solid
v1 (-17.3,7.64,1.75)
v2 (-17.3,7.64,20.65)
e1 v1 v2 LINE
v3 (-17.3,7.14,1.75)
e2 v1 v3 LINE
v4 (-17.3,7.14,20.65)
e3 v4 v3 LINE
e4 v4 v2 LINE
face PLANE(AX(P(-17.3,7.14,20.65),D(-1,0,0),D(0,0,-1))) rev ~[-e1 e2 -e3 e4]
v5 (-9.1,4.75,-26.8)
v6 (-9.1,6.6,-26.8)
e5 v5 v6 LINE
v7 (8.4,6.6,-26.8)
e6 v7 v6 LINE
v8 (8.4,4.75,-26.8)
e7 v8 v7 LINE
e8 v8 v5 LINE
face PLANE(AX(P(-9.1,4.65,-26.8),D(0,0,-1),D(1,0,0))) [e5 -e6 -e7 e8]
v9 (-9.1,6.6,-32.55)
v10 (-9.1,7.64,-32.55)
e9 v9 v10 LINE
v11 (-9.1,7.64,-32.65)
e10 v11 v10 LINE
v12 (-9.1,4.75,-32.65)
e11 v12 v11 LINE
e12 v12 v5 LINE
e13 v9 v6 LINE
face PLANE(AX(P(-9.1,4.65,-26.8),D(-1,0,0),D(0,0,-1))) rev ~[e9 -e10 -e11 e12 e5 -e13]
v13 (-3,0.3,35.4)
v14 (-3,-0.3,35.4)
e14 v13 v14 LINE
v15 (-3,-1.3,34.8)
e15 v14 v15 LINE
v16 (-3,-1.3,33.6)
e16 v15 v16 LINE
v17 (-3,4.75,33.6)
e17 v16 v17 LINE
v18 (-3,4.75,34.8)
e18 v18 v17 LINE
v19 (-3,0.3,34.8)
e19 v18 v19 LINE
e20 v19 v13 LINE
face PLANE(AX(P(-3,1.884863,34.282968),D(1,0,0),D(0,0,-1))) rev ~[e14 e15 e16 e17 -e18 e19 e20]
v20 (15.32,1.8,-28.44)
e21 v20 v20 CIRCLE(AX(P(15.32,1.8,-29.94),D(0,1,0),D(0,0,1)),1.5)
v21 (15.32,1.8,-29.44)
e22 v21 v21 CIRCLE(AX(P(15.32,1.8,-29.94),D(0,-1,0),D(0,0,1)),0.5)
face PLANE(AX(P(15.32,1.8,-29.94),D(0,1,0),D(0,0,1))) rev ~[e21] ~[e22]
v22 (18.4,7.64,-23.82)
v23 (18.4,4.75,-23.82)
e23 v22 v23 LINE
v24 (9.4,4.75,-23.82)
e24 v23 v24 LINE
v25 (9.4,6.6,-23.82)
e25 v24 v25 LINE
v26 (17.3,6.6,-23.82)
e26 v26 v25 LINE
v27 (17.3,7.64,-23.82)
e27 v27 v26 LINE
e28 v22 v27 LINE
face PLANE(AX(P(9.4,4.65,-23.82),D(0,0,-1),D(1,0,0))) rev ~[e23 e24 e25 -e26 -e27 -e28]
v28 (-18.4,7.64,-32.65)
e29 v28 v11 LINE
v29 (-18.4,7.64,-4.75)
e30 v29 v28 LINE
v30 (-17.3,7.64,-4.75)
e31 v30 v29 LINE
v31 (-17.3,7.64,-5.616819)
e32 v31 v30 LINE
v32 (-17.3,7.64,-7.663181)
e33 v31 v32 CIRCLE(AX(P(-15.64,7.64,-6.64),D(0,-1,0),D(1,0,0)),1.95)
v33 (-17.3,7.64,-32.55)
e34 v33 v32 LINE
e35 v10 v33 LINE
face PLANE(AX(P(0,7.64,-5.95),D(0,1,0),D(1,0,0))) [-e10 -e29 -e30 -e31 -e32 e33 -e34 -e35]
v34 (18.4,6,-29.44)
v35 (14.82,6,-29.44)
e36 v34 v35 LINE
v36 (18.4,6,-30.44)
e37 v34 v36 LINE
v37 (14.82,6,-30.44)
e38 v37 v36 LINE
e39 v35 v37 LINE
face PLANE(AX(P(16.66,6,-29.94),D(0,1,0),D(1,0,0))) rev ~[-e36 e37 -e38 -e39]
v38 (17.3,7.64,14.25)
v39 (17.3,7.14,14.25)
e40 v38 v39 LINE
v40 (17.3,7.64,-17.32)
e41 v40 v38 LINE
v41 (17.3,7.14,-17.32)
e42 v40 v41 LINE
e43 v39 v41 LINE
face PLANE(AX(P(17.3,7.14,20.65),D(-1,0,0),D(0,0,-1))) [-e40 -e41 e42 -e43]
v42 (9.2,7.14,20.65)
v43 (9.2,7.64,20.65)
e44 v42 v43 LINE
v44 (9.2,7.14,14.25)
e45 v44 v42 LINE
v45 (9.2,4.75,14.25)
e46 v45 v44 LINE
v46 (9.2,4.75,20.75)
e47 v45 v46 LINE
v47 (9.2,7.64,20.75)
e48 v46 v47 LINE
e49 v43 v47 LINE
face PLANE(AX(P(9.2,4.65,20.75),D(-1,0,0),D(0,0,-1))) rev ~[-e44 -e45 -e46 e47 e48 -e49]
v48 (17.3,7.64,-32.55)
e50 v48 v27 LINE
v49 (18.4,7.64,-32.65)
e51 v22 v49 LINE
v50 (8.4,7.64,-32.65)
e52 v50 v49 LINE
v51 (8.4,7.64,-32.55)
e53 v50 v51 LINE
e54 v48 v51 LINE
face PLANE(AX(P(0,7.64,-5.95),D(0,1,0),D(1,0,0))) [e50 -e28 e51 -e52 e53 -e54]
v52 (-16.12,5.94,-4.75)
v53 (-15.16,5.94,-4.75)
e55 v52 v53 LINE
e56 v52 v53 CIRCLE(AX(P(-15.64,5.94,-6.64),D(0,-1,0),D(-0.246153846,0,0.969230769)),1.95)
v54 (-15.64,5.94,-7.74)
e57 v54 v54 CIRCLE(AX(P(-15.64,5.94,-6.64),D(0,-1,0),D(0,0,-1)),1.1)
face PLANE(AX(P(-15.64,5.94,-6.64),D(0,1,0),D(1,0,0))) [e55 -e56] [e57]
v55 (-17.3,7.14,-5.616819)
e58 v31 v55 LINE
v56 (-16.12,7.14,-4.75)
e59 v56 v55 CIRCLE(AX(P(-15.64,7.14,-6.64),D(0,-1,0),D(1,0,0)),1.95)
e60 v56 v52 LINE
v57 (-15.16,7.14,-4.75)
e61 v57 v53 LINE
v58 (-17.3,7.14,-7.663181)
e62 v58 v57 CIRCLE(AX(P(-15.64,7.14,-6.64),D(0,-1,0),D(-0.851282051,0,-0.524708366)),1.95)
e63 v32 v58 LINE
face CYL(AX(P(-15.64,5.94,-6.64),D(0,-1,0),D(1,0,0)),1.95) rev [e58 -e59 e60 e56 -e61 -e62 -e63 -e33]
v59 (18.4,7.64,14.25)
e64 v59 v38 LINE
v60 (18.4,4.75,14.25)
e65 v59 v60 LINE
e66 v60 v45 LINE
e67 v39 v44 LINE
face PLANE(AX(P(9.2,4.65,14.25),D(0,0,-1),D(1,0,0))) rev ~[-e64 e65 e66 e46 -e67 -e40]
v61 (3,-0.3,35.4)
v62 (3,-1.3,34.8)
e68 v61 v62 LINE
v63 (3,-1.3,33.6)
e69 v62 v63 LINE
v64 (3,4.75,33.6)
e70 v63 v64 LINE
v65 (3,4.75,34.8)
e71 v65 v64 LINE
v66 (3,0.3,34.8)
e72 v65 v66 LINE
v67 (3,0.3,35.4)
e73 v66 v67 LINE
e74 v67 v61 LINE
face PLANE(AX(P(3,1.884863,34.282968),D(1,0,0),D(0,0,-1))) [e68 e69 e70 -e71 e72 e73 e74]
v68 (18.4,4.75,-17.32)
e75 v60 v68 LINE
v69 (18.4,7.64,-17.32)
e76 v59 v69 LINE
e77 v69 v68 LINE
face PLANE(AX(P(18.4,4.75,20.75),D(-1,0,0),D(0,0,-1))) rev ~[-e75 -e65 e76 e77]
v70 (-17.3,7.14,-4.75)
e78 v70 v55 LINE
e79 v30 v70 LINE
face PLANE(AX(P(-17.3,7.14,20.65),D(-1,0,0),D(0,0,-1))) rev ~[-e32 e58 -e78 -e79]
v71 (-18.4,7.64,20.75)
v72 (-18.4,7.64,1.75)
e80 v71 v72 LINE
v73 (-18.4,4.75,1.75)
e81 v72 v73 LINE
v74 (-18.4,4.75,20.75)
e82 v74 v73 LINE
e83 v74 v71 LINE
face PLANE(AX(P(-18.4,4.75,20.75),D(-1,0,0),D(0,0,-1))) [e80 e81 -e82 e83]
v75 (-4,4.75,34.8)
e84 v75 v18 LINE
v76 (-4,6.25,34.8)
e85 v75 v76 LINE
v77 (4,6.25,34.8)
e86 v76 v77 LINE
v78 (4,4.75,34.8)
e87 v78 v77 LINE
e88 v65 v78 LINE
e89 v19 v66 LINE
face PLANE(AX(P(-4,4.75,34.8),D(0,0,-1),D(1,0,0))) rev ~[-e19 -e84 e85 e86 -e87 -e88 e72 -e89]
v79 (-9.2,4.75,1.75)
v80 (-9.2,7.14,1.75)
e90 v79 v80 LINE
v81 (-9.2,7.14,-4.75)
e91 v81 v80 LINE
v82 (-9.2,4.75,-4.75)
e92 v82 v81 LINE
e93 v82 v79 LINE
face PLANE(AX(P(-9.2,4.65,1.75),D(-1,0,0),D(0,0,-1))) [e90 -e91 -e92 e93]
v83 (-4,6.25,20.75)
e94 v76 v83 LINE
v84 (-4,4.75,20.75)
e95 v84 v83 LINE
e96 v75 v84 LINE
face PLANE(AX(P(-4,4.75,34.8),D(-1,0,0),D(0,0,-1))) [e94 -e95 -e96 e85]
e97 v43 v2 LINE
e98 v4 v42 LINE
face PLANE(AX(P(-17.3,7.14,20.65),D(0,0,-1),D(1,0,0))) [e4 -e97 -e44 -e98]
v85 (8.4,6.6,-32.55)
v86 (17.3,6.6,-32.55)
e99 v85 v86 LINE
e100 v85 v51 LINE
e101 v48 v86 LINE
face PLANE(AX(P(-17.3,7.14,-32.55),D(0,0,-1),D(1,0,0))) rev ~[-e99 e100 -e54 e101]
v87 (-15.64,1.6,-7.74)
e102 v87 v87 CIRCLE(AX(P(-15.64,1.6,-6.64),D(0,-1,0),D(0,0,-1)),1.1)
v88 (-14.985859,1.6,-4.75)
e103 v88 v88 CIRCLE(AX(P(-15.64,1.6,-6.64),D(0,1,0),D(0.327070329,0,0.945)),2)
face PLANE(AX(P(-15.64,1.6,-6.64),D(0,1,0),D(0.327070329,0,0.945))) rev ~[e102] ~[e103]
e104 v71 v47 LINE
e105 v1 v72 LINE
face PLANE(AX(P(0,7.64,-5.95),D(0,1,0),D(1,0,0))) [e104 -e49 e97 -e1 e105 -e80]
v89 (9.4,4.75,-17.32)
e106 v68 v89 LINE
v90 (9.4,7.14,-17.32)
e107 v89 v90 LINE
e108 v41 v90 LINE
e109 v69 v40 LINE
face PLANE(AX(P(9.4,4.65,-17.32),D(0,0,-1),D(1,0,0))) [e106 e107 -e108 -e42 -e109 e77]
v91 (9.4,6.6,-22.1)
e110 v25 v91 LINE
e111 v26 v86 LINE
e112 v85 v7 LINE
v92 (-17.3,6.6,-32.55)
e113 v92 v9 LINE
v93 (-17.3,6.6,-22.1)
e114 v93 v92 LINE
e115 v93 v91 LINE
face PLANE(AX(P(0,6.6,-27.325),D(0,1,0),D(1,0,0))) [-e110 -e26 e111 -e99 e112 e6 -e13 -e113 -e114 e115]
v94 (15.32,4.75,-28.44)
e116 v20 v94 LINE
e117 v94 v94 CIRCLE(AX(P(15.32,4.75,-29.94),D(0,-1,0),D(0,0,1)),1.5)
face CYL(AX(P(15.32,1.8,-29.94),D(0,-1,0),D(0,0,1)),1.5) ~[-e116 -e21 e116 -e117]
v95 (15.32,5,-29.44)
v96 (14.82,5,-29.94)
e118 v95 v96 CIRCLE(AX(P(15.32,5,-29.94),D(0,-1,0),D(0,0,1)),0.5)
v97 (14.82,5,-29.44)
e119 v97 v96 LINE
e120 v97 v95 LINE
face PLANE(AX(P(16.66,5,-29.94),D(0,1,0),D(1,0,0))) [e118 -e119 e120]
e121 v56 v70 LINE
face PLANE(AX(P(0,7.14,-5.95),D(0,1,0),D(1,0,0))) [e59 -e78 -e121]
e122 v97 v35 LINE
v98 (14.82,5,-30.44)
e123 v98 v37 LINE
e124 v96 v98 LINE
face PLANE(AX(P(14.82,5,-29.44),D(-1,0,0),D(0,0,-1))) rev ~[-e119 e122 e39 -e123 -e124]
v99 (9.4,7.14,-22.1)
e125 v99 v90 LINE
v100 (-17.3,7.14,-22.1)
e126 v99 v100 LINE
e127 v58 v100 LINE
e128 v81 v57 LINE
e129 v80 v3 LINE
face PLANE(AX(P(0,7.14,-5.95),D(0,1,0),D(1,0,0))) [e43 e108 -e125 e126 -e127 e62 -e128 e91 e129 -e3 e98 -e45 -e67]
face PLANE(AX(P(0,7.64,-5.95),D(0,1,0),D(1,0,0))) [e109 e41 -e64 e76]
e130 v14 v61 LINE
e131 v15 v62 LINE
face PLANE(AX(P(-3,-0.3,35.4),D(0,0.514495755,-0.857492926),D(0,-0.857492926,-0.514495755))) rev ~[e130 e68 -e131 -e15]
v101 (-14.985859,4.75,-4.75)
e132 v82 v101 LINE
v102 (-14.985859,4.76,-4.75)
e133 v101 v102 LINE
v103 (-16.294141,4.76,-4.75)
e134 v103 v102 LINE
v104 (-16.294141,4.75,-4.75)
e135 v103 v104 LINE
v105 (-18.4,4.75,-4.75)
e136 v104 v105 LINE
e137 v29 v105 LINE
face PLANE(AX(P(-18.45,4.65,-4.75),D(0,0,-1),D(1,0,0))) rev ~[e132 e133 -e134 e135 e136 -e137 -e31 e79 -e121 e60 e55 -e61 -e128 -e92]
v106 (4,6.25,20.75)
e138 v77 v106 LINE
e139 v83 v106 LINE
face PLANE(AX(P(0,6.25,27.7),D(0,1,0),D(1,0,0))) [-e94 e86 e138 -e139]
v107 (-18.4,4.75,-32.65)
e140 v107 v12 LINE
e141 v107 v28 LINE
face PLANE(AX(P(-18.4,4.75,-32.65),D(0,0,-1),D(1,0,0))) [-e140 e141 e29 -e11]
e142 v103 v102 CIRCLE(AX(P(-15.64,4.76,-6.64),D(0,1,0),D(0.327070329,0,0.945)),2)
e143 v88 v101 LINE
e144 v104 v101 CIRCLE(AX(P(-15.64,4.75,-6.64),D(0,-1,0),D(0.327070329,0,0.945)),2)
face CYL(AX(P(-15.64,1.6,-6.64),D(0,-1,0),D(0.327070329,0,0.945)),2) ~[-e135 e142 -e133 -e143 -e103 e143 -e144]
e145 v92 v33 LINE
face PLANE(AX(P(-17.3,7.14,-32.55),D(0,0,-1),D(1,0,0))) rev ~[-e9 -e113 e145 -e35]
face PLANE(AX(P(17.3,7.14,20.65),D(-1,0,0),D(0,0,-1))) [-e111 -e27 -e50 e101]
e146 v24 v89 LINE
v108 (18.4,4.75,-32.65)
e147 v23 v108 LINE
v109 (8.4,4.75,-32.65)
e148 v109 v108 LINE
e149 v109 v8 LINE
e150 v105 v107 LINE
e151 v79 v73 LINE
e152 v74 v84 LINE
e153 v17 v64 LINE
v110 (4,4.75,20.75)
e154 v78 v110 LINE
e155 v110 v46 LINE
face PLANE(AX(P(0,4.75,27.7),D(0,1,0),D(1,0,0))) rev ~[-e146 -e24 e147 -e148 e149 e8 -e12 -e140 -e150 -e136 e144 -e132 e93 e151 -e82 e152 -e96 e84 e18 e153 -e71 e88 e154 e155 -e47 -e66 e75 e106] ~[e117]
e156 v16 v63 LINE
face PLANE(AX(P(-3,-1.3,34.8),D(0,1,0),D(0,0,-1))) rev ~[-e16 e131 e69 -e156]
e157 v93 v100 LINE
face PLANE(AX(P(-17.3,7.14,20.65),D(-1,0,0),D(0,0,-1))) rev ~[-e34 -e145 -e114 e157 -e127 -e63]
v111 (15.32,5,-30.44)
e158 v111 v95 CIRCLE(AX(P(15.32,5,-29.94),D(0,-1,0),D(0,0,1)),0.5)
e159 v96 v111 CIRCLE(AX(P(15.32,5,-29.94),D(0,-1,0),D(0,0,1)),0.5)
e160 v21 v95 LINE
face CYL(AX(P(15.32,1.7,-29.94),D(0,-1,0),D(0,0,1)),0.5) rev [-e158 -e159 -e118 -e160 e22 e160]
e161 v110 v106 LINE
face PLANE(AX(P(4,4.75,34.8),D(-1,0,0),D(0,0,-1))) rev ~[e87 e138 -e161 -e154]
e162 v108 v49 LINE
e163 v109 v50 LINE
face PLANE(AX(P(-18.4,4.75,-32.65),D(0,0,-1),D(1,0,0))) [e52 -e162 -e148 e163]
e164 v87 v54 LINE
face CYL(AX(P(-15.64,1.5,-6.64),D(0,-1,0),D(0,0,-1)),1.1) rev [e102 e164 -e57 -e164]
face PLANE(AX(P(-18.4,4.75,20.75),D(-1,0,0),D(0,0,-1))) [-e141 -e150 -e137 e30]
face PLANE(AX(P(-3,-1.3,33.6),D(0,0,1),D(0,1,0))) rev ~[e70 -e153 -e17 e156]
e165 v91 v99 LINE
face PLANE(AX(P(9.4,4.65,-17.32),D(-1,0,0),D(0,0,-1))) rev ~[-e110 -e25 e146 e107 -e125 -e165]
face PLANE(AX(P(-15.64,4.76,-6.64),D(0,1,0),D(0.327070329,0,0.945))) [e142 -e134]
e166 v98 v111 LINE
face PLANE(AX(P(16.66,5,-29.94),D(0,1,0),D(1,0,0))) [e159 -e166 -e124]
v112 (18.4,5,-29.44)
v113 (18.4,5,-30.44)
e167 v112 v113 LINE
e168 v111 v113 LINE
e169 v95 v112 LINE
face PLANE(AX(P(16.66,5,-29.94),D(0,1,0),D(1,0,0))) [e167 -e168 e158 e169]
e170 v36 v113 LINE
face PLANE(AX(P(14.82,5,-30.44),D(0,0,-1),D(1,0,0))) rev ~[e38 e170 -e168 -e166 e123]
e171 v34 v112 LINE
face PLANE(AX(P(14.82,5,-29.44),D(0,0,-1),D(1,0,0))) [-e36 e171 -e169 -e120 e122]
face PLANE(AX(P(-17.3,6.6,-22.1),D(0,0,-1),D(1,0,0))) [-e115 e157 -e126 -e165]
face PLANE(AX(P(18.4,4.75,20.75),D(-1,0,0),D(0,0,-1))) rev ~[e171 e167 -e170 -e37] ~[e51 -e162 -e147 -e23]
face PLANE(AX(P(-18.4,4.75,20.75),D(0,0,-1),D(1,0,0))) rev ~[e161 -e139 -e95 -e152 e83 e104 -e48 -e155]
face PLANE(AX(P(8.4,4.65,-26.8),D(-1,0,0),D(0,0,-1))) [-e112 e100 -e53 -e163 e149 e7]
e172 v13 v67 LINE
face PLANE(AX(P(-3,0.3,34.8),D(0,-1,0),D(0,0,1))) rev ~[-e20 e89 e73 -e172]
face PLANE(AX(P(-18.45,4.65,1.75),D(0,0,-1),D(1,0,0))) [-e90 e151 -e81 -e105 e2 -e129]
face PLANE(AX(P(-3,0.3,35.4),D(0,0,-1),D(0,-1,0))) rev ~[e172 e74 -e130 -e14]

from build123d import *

# Parameters (mm, degrees)
TRAY_START                        = 4.75
SKETCH1_W                         = 36.8
SKETCH1_H                         = 53.4
TRAY_DEPTH                        = 2.89
GROOVE_START                      = 7.14
SKETCH2_W                         = 34.6
SKETCH2_H                         = 53.2
GROOVE_DEPTH                      = 0.6
GROOVE_START_2                    = 6.6
SKETCH3_W                         = 34.6
SKETCH3_H                         = 10.45
GROOVE_PROTECTION_BOARD_END_DEPTH = 0.55
S1_S3_START                       = 4.65
SKETCH4_W                         = 9.25
SKETCH4_H                         = 6.5
SKETCH4_W_2                       = 9.05
S1_S3_AND_PLUGS_DEPTH             = 3.09
J4_START                          = 4.65
SKETCH5_W                         = 17.5
SKETCH5_H                         = 6
J4_AND_ITS_FLEX_DEPTH             = 3.09
ARM_START                         = 4.75
SKETCH6_W                         = 8
SKETCH6_H                         = 14.2
ARM_DEPTH                         = 1.5
BOARD_START                       = 1.6
SKETCH7_R                         = 2
BOARD_SCREW_FOOT_DEPTH            = 3.16
BOARD_START_2                     = 1.5
SKETCH8_R                         = 1.1
BOARD_SCREW_HOLE_DEPTH            = 6.24
BOARD_START_3                     = 5.94
SKETCH9_R                         = 1.95
BOARD_SCREW_COUNTERBORE_DEPTH     = 1.8
MIC_START                         = 1.8
SKETCH10_R                        = 1.5
MIC_TUBE_DEPTH                    = 2.96
MIC_START_2                       = 1.7
SKETCH11_R                        = 0.5
MIC_BORE_DEPTH                    = 4.3
MIC_START_3                       = 5
SKETCH12_W                        = 3.68
SKETCH12_H                        = 1
MIC_DUCT_DEPTH                    = 1
SNAP_START                        = -3
SNAP_DEPTH                        = 6


with BuildPart() as part:
    # Sketch1 → Tray (new body)
    with BuildSketch(Plane(origin=(0, 0, 0), x_dir=(1, 0, 0), z_dir=(0, 1, 0)).offset(TRAY_START)):
        with Locations((0, 5.95)):
            Rectangle(SKETCH1_W, SKETCH1_H)
    extrude(amount=TRAY_DEPTH)

    # Sketch2 → Groove (cut)
    with BuildSketch(Plane(origin=(0, 0, 0), x_dir=(1, 0, 0), z_dir=(0, 1, 0)).offset(GROOVE_START)):
        with Locations((0, 5.95)):
            Rectangle(SKETCH2_W, SKETCH2_H)
    extrude(amount=GROOVE_DEPTH, mode=Mode.SUBTRACT)

    # Sketch3 → Groove, protection-board end (cut)
    with BuildSketch(Plane(origin=(0, 0, 0), x_dir=(1, 0, 0), z_dir=(0, 1, 0)).offset(GROOVE_START_2)):
        with Locations((0, 27.325)):
            Rectangle(SKETCH3_W, SKETCH3_H)
    extrude(amount=GROOVE_PROTECTION_BOARD_END_DEPTH, mode=Mode.SUBTRACT)

    # Sketch4 → S1-S3 and plugs (cut)
    with BuildSketch(Plane(origin=(0, 0, 0), x_dir=(1, 0, 0), z_dir=(0, 1, 0)).offset(S1_S3_START)):
        with Locations((-13.825, 1.5)):
            Rectangle(SKETCH4_W, SKETCH4_H)
        with Locations((13.925, 20.57)):
            Rectangle(SKETCH4_W_2, SKETCH4_H)
        with Locations((13.825, -17.5)):
            Rectangle(SKETCH4_W, SKETCH4_H)
    extrude(amount=S1_S3_AND_PLUGS_DEPTH, mode=Mode.SUBTRACT)

    # Sketch5 → J4 and its flex (cut)
    with BuildSketch(Plane(origin=(0, 0, 0), x_dir=(1, 0, 0), z_dir=(0, 1, 0)).offset(J4_START)):
        with Locations((-0.35, 29.8)):
            Rectangle(SKETCH5_W, SKETCH5_H)
    extrude(amount=J4_AND_ITS_FLEX_DEPTH, mode=Mode.SUBTRACT)

    # Sketch6 → Arm (add)
    with BuildSketch(Plane(origin=(0, 0, 0), x_dir=(1, 0, 0), z_dir=(0, 1, 0)).offset(ARM_START)):
        with Locations((0, -27.7)):
            Rectangle(SKETCH6_W, SKETCH6_H)
    extrude(amount=ARM_DEPTH)

    # Sketch7 → Board screw foot (add)
    with BuildSketch(Plane(origin=(0, 0, 0), x_dir=(1, 0, 0), z_dir=(0, 1, 0)).offset(BOARD_START)):
        with Locations(Location((-15.64, 6.64, 0), (0, 0, 289.091052509))):
            Circle(SKETCH7_R)
    extrude(amount=BOARD_SCREW_FOOT_DEPTH)

    # Sketch8 → Board screw hole (cut)
    with BuildSketch(Plane(origin=(0, 0, 0), x_dir=(1, 0, 0), z_dir=(0, 1, 0)).offset(BOARD_START_2)):
        with Locations(Location((-15.64, 6.64, 0), (0, 0, 90))):
            Circle(SKETCH8_R)
    extrude(amount=BOARD_SCREW_HOLE_DEPTH, mode=Mode.SUBTRACT)

    # Sketch9 → Board screw counterbore (cut)
    with BuildSketch(Plane(origin=(0, 0, 0), x_dir=(1, 0, 0), z_dir=(0, 1, 0)).offset(BOARD_START_3)):
        with Locations((-15.64, 6.64)):
            Circle(SKETCH9_R)
    extrude(amount=BOARD_SCREW_COUNTERBORE_DEPTH, mode=Mode.SUBTRACT)

    # Sketch10 → Mic tube (add)
    with BuildSketch(Plane(origin=(0, 0, 0), x_dir=(1, 0, 0), z_dir=(0, 1, 0)).offset(MIC_START)):
        with Locations(Location((15.32, 29.94, 0), (0, 0, 270))):
            Circle(SKETCH10_R)
    extrude(amount=MIC_TUBE_DEPTH)

    # Sketch11 → Mic bore (cut)
    with BuildSketch(Plane(origin=(0, 0, 0), x_dir=(1, 0, 0), z_dir=(0, 1, 0)).offset(MIC_START_2)):
        with Locations(Location((15.32, 29.94, 0), (0, 0, 270))):
            Circle(SKETCH11_R)
    extrude(amount=MIC_BORE_DEPTH, mode=Mode.SUBTRACT)

    # Sketch12 → Mic duct (cut)
    with BuildSketch(Plane(origin=(0, 0, 0), x_dir=(1, 0, 0), z_dir=(0, 1, 0)).offset(MIC_START_3)):
        with Locations((16.66, 29.94)):
            Rectangle(SKETCH12_W, SKETCH12_H)
    extrude(amount=MIC_DUCT_DEPTH, mode=Mode.SUBTRACT)

    # Sketch13 → Snap (add)
    with BuildSketch(Plane(origin=(0, 0, 0), x_dir=(0, 0, -1), z_dir=(1, 0, 0)).offset(SNAP_START)):
        Polygon((-33.6, 5.25), (-34.8, 5.25), (-34.8, 0.3), (-35.4, 0.3), (-35.4, -0.3), (-34.8, -1.3), (-33.6, -1.3), align=None)
    extrude(amount=SNAP_DEPTH)


solid = part.part
